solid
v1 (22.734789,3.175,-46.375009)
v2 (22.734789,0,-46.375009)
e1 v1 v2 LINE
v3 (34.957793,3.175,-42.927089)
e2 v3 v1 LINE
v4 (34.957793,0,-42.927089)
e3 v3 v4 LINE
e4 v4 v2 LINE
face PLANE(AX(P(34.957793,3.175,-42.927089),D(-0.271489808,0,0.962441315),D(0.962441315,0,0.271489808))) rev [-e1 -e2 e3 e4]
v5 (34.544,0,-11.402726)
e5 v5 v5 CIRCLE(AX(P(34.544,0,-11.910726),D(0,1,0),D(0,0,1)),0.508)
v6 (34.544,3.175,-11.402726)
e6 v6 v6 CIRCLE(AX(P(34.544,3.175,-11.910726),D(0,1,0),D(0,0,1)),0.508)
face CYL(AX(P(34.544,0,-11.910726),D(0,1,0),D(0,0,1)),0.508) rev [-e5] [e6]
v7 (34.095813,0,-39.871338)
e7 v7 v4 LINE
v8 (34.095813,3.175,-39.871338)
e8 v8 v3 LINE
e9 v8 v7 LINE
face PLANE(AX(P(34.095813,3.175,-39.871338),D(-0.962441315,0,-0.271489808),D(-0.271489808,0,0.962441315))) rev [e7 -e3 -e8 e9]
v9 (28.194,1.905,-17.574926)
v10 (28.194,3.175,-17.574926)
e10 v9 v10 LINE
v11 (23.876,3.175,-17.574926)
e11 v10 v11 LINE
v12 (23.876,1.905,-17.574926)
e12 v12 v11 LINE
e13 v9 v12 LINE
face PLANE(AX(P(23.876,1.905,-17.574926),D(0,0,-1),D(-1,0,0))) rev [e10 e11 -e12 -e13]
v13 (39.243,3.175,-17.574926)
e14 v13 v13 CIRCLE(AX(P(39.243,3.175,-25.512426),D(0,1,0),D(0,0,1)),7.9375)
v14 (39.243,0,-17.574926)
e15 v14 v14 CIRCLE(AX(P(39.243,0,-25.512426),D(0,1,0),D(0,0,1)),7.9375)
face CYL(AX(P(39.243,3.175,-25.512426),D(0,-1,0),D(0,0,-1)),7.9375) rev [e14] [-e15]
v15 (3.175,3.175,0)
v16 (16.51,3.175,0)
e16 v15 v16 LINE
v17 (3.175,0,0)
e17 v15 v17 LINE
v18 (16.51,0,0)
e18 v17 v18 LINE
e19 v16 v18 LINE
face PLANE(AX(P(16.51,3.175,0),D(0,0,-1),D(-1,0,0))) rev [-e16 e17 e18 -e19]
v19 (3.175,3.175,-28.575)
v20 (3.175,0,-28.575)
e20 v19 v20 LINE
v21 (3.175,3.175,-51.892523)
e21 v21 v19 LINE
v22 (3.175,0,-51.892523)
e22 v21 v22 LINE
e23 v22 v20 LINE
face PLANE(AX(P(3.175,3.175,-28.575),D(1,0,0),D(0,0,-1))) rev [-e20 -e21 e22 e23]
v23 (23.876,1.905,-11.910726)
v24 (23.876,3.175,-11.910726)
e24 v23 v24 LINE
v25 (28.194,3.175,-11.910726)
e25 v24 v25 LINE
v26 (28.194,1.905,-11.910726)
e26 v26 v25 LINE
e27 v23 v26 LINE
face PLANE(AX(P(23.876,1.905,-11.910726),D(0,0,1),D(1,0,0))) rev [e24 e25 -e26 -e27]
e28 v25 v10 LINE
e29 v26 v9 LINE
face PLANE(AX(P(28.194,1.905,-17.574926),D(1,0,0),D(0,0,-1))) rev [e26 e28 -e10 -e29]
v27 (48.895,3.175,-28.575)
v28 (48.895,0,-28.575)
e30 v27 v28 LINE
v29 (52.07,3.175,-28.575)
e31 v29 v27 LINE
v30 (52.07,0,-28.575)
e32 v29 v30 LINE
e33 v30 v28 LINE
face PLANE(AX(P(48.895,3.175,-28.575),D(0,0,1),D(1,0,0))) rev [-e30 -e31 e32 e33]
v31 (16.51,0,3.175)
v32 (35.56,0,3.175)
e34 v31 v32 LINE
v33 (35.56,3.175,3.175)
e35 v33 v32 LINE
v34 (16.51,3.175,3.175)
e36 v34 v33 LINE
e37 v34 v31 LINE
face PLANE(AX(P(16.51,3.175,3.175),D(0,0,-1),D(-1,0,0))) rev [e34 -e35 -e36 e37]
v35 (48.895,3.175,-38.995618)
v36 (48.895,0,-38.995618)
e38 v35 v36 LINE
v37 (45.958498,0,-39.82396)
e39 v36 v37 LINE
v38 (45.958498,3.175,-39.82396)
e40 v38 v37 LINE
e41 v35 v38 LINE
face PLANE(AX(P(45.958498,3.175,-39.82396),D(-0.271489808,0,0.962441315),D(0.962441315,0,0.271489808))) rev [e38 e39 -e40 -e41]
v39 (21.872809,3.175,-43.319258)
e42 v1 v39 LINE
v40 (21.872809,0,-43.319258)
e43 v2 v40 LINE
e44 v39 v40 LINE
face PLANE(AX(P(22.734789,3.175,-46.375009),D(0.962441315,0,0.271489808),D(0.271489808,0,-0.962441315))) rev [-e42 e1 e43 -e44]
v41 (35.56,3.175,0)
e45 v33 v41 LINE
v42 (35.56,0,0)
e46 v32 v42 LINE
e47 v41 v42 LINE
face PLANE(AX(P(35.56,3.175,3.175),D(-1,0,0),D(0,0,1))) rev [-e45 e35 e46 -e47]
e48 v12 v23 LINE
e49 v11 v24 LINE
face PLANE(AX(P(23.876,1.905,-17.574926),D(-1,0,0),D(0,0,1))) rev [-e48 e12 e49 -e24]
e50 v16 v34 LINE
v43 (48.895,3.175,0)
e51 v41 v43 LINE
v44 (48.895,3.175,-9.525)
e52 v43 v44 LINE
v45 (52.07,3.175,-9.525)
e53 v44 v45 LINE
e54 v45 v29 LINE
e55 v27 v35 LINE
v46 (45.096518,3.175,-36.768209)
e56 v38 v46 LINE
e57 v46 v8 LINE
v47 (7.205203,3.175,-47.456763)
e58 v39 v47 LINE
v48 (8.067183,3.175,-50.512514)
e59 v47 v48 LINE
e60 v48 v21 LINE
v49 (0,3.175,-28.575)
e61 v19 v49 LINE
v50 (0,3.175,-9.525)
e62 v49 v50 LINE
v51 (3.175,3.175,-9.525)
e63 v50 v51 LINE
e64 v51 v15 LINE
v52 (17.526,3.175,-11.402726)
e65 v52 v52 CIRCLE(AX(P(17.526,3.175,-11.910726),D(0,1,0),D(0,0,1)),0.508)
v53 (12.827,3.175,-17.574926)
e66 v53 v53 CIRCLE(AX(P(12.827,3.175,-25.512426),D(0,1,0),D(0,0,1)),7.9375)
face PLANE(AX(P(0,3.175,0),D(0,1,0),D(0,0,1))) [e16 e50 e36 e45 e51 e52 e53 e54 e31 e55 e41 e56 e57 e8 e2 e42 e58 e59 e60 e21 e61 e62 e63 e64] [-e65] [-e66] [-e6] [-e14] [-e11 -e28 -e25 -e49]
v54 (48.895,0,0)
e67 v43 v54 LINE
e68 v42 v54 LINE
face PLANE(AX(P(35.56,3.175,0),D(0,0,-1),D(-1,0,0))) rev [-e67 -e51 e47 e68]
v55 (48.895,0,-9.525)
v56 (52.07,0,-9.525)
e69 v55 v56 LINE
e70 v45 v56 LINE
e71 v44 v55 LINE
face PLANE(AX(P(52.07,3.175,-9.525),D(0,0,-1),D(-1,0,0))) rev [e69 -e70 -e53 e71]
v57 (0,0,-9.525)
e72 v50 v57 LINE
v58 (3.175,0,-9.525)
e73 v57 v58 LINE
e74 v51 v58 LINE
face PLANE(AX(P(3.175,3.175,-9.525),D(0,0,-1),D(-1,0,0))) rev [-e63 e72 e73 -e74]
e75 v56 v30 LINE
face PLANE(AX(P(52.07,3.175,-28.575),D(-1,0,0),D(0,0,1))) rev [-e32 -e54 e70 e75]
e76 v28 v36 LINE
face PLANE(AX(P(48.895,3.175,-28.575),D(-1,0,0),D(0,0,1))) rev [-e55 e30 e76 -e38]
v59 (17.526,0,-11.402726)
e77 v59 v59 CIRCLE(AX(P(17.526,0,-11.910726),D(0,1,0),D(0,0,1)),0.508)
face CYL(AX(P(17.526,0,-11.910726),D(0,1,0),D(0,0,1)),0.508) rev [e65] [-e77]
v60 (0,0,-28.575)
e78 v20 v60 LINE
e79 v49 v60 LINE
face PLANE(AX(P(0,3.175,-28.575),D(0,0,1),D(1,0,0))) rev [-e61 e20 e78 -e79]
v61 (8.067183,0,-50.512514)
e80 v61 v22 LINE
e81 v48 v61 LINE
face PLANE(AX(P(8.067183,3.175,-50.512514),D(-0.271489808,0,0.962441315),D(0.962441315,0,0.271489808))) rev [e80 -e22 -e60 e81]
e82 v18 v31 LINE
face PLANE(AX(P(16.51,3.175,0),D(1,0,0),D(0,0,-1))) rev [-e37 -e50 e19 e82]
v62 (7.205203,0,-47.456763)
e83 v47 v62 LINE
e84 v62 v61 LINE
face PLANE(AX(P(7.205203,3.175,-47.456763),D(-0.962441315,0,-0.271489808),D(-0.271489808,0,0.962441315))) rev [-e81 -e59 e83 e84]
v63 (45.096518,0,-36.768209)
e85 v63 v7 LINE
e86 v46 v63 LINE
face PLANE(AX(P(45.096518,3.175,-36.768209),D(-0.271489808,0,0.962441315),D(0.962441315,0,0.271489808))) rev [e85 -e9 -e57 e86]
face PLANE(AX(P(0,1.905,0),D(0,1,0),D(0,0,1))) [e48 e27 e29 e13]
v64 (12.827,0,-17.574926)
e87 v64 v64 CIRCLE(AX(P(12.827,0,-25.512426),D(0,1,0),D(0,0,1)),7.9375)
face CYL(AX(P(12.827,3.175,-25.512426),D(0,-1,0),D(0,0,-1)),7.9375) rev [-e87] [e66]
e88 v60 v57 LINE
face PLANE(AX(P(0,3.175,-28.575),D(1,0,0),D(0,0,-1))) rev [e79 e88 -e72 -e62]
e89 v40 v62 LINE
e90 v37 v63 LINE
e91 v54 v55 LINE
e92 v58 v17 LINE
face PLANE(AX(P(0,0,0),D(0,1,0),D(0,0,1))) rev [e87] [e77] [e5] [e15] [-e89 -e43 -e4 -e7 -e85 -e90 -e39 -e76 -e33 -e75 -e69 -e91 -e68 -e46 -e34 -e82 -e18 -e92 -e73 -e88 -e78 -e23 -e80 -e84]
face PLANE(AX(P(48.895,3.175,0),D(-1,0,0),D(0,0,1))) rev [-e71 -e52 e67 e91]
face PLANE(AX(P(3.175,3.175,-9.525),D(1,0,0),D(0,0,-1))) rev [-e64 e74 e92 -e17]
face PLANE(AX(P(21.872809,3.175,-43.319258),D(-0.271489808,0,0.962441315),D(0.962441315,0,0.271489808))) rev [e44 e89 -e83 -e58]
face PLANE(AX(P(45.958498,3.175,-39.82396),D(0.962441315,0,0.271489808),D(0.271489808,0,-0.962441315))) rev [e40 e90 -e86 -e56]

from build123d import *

# Parameters (mm, degrees)
SKETCH1_R           = 7.9375
BOSS_EXTRUDE1_DEPTH = 3.175
SKETCH2_W           = 4.318
SKETCH2_H           = 5.6642
CUT_EXTRUDE1_DEPTH  = 1.27
SKETCH3_R           = 0.508
CUT_EXTRUDE2_DEPTH  = 74.581244154


with BuildPart() as part:
    # Sketch1 → Boss-Extrude1 (new body)
    with BuildSketch(Plane(origin=(0, 0, 0), x_dir=(1, 0, 0), z_dir=(0, 1, 0))):
        Polygon((16.51, 0), (3.175, 0), (3.175, 9.525), (0, 9.525), (0, 28.575), (3.175, 28.575), (3.175, 51.892523221), (8.067183099, 50.512514038), (7.205202957, 47.456762864), (21.872808591, 43.319258185), (22.734788732, 46.375009359), (34.957793427, 42.927088793), (34.095813286, 39.871337619), (45.096517511, 36.768209109), (45.958497653, 39.823960283), (48.895, 38.995618391), (48.895, 28.575), (52.07, 28.575), (52.07, 9.525), (48.895, 9.525), (48.895, 0), (35.56, 0), (35.56, -3.175), (16.51, -3.175), align=None)
        with Locations(Location((12.827, 25.512426191, 0), (0, 0, 270))):
            Circle(SKETCH1_R, mode=Mode.SUBTRACT)
        with Locations(Location((39.243, 25.512426191, 0), (0, 0, 270))):
            Circle(SKETCH1_R, mode=Mode.SUBTRACT)
    extrude(amount=BOSS_EXTRUDE1_DEPTH)

    # Sketch2 → Cut-Extrude1 (cut)
    with BuildSketch(Plane(origin=(0, 3.175, 0), x_dir=(1, 0, 0), z_dir=(0, 1, 0))):
        with Locations((26.035, 14.742826191)):
            Rectangle(SKETCH2_W, SKETCH2_H)
    extrude(amount=-CUT_EXTRUDE1_DEPTH, mode=Mode.SUBTRACT)

    # Sketch3 → Cut-Extrude2 (cut, through all)
    with BuildSketch(Plane(origin=(0, 3.175, 0), x_dir=(1, 0, 0), z_dir=(0, 1, 0))):
        with Locations(Location((17.526, 11.910726191, 0), (0, 0, 270))):
            Circle(SKETCH3_R)
        with Locations(Location((34.544, 11.910726191, 0), (0, 0, 270))):
            Circle(SKETCH3_R)
    extrude(amount=-CUT_EXTRUDE2_DEPTH, mode=Mode.SUBTRACT)


solid = part.part
